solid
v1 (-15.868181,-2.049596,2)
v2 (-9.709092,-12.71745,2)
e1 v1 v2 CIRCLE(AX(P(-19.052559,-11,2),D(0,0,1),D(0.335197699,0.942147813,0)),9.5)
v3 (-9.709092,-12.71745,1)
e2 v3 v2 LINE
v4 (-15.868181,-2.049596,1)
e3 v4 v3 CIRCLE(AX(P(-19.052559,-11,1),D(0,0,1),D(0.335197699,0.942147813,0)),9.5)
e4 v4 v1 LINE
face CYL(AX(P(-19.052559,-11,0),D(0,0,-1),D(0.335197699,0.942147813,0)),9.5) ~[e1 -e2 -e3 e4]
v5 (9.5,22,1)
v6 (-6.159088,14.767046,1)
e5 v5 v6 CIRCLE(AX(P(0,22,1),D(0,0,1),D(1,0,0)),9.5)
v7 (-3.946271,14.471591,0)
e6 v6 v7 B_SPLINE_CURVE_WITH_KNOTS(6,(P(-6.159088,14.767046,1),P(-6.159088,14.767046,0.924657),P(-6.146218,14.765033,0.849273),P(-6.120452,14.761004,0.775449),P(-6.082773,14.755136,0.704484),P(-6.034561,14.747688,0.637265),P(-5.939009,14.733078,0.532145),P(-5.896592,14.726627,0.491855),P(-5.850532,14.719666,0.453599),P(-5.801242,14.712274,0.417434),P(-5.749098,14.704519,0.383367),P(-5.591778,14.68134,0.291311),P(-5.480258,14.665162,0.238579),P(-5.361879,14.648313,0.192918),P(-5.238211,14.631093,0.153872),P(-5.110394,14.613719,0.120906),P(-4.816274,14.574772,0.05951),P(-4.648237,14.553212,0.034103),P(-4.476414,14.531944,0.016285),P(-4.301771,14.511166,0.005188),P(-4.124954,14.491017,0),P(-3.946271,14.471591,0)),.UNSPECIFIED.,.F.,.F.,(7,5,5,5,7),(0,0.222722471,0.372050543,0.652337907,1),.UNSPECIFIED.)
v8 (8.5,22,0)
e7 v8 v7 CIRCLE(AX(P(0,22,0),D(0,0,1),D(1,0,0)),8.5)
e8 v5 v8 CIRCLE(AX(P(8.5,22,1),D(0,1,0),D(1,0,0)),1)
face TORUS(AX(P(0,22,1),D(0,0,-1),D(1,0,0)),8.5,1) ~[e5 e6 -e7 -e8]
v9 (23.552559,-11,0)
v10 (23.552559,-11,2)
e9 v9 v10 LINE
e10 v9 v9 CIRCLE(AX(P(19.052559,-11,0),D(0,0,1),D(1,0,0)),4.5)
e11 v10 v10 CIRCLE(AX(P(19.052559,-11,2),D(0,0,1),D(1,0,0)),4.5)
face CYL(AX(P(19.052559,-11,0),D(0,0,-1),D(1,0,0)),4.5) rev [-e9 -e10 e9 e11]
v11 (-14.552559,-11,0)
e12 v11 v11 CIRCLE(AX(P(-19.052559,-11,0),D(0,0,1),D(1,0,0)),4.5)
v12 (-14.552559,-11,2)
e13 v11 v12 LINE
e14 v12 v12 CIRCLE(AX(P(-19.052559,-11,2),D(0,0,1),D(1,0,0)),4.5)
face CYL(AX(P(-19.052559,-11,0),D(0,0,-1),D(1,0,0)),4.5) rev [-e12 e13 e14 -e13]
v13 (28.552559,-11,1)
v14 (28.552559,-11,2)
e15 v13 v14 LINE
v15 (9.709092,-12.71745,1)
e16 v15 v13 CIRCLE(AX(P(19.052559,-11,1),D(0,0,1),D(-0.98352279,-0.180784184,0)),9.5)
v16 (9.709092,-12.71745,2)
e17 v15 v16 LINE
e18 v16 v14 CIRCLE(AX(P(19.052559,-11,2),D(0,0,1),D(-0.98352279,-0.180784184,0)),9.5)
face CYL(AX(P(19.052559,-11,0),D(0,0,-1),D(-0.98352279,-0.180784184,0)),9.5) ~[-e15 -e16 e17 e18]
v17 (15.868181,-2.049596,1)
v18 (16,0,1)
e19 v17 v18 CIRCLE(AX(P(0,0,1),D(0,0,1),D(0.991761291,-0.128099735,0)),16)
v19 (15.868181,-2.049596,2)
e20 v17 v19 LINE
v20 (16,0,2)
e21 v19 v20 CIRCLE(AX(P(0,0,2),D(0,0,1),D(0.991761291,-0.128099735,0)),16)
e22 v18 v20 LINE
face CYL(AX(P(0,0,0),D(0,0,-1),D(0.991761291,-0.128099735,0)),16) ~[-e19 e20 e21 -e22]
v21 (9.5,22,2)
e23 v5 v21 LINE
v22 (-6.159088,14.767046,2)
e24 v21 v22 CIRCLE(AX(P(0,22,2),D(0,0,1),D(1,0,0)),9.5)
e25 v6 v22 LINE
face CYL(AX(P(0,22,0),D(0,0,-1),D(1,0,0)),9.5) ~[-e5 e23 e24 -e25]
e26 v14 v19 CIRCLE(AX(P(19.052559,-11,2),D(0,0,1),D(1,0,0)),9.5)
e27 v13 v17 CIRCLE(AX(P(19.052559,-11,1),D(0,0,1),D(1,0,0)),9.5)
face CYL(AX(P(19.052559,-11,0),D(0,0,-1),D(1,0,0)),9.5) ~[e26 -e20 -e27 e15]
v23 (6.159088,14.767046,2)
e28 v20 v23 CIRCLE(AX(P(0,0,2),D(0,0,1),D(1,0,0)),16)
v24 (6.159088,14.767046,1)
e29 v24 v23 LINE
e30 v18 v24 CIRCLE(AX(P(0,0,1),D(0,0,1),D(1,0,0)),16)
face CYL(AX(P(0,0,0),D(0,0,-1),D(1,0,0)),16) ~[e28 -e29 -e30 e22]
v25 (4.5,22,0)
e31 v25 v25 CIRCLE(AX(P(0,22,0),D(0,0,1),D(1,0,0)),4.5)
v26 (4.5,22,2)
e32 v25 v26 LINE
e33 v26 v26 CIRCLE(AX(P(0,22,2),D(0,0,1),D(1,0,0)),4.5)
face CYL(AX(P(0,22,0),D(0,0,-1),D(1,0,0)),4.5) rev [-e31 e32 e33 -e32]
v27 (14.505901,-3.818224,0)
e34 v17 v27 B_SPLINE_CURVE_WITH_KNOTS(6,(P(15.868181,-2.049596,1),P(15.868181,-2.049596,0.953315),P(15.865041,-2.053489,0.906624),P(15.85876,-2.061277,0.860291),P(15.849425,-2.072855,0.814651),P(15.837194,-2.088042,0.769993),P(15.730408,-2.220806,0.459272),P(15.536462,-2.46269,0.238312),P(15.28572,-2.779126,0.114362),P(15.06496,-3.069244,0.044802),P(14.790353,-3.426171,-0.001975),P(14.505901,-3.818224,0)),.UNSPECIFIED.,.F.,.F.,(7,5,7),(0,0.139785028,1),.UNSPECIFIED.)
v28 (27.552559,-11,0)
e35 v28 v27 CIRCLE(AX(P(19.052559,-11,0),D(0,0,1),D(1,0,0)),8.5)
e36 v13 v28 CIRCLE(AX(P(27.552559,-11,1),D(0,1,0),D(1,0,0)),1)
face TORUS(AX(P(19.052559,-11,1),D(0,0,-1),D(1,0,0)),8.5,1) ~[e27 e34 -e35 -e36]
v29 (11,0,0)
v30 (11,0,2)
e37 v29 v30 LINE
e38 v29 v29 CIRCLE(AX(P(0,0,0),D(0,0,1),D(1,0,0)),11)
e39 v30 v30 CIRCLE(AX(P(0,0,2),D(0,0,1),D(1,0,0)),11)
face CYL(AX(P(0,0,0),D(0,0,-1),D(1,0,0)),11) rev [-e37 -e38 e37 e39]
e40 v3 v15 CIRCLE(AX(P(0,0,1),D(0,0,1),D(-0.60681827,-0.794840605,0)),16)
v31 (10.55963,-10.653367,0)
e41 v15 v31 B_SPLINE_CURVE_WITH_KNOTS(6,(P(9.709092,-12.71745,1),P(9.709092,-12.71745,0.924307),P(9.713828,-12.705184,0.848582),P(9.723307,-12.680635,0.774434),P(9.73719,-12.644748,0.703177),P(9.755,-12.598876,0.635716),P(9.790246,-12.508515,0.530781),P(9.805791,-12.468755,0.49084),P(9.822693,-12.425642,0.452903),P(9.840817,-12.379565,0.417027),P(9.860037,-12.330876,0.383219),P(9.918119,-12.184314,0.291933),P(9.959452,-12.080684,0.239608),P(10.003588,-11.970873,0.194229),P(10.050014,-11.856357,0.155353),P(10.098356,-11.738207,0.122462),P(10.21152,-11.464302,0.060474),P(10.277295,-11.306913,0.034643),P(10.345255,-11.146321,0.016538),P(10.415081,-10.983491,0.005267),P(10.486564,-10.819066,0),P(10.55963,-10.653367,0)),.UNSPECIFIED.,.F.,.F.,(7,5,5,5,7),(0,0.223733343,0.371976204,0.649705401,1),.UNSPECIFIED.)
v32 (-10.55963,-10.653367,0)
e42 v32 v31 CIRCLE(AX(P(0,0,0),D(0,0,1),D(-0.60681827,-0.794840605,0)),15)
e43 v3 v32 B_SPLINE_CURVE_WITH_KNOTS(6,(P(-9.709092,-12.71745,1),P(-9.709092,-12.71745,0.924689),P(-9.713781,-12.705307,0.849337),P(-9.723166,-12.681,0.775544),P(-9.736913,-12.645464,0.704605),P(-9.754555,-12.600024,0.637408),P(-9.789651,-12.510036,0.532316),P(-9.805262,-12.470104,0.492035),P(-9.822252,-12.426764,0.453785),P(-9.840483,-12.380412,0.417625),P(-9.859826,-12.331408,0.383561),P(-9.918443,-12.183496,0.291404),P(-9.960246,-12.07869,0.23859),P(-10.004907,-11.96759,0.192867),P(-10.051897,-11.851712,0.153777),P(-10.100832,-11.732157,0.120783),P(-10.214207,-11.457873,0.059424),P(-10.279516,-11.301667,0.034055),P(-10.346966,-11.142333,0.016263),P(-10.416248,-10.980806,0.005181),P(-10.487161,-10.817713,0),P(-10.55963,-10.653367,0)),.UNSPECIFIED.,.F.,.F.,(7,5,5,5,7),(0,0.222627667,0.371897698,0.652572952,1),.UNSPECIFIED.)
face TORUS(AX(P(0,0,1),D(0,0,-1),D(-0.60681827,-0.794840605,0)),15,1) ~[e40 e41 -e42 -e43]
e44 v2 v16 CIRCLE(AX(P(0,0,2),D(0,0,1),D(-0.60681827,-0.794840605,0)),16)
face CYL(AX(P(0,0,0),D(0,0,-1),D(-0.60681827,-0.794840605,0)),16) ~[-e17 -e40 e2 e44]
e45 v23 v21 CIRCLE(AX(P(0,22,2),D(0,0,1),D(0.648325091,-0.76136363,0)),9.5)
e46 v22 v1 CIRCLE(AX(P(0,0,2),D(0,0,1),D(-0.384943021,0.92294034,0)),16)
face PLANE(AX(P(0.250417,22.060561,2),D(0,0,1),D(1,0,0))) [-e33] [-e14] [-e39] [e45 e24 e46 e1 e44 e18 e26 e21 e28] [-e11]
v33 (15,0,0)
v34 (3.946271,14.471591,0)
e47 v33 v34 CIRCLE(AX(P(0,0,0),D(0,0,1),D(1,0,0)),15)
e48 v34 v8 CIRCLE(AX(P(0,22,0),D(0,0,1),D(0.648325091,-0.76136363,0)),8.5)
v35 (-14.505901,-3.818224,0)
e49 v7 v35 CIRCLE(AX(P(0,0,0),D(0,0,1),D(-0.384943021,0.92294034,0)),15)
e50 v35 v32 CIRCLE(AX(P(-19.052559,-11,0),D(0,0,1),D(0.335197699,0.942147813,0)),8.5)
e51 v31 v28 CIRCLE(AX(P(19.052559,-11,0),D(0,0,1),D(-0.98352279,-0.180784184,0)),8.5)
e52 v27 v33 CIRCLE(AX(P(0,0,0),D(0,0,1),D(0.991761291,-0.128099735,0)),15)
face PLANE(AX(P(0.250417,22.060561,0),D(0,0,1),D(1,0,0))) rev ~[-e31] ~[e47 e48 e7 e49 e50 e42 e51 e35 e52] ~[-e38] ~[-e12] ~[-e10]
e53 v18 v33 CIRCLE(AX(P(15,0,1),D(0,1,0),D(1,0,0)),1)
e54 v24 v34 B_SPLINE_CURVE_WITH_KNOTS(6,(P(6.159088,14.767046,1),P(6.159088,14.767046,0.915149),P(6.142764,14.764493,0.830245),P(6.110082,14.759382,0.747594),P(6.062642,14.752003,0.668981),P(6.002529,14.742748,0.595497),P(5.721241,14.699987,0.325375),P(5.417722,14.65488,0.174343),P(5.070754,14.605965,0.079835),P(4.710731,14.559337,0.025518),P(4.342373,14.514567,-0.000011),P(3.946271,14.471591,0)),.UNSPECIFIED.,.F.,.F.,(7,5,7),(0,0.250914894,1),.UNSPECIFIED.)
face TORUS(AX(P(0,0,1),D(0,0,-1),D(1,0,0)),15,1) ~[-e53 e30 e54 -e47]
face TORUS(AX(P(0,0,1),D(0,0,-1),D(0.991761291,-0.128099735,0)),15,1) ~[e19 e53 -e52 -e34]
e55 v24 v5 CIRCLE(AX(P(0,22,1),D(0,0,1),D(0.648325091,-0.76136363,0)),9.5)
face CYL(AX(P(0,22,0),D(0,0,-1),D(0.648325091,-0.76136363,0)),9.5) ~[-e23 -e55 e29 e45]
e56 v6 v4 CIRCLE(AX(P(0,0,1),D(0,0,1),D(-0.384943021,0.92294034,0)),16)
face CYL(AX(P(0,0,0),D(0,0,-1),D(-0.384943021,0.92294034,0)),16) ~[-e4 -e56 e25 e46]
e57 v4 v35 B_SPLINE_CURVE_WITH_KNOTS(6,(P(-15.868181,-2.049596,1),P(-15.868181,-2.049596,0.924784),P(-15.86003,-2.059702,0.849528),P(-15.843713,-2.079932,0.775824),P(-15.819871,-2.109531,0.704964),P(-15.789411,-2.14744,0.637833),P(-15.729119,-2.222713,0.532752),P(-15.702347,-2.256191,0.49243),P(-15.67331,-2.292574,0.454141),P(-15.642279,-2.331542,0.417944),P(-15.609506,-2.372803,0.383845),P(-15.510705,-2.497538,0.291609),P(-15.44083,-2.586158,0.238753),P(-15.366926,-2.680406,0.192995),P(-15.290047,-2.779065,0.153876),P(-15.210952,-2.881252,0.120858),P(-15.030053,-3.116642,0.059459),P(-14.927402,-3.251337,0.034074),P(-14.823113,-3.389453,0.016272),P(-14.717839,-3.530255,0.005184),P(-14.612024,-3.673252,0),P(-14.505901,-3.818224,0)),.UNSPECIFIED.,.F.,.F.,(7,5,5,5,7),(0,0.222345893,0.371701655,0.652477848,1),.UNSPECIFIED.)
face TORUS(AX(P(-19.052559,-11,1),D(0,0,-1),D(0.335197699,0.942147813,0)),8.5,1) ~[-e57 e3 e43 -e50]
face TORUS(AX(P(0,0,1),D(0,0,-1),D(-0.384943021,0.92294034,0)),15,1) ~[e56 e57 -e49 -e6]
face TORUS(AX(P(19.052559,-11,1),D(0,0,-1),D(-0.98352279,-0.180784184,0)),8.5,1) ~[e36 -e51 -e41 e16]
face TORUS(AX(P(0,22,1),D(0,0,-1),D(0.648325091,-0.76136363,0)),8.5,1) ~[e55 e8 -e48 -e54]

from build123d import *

# Parameters (mm, degrees)
F0_R     = 4.500000108
F0_R_2   = 11
F1_DEPTH = 2
F2_R     = 1


with BuildPart() as f1:
    # F0 (on Top) → F1 (new body)
    with BuildSketch(Plane.XY):
        with BuildLine():
            ThreePointArc((6.1590883621, 14.7670455174), (8.624422863, 18.0163672007), (9.5, 22))
            ThreePointArc((9.5, 22), (-3.9836327993, 30.624422863), (-6.1590883621, 14.7670455174))
            ThreePointArc((-6.1590883621, 14.7670455174), (0, 16.0000000864), (6.1590883621, 14.7670455174))
        make_face()
        with Locations((0, 22)):
            Circle(F0_R, mode=Mode.SUBTRACT)
        with BuildLine():
            ThreePointArc((6.1590883621, 14.7670455174), (0, 16.0000000864), (-6.1590883621, 14.7670455174))
            ThreePointArc((-6.1590883621, 14.7670455174), (0, 12.5), (6.1590883621, 14.7670455174))
        make_face()
        with BuildLine():
            ThreePointArc((6.1590883621, 14.7670455174), (0, 12.5), (-6.1590883621, 14.7670455174))
            ThreePointArc((-6.1590883621, 14.7670455174), (-13.8564065354, 8.0000000432), (-15.868180738, -2.0495957729))
            ThreePointArc((-15.868180738, -2.0495957729), (-11.2904202482, -5.5228471073), (-9.5525588833, -11))
            ThreePointArc((-9.5525588833, -11), (-9.5917731912, -11.8622842279), (-9.7090923758, -12.7174497444))
            ThreePointArc((-9.7090923758, -12.7174497444), (0, -16.0000000864), (9.7090923758, -12.7174497444))
            ThreePointArc((9.7090923758, -12.7174497444), (10.8253175473, -6.25), (15.868180738, -2.0495957729))
            ThreePointArc((15.868180738, -2.0495957729), (15.967011241, -1.0269151831), (16.0000000864, 0))
            ThreePointArc((16.0000000864, 0), (13.3143797657, 8.8728402566), (6.1590883621, 14.7670455174))
        make_face()
        Circle(F0_R_2, mode=Mode.SUBTRACT)
        with BuildLine():
            ThreePointArc((-9.7090923758, -12.7174497444), (-13.8564065354, -8.0000000432), (-15.868180738, -2.0495957729))
            ThreePointArc((-15.868180738, -2.0495957729), (-27.2798002192, -15.75), (-9.7090923758, -12.7174497444))
        make_face()
        with Locations((-19.0525588833, -11)):
            Circle(F0_R, mode=Mode.SUBTRACT)
        with BuildLine():
            ThreePointArc((-9.5525588833, -11), (-11.2904202482, -5.5228471073), (-15.868180738, -2.0495957729))
            ThreePointArc((-15.868180738, -2.0495957729), (-13.8564065354, -8.0000000432), (-9.7090923758, -12.7174497444))
            ThreePointArc((-9.7090923758, -12.7174497444), (-9.5917731912, -11.8622842279), (-9.5525588833, -11))
        make_face()
        with BuildLine():
            ThreePointArc((9.7090923758, -12.7174497444), (13.8564065354, -8.0000000432), (15.868180738, -2.0495957729))
            ThreePointArc((15.868180738, -2.0495957729), (10.8253175473, -6.25), (9.7090923758, -12.7174497444))
        make_face()
        with BuildLine():
            ThreePointArc((28.5525588833, -11), (24.5297117759, -3.2378613649), (15.868180738, -2.0495957729))
            ThreePointArc((15.868180738, -2.0495957729), (13.8564065354, -8.0000000432), (9.7090923758, -12.7174497444))
            ThreePointArc((9.7090923758, -12.7174497444), (19.9148431112, -20.460785692), (28.5525588833, -11))
        make_face()
        with Locations((19.0525588833, -11)):
            Circle(F0_R, mode=Mode.SUBTRACT)
    extrude(amount=F1_DEPTH)

    # F2
    f2_edges = [f1.edges().sort_by_distance(p)[0] for p in [
        (-27.2798, -15.75, 0),
        (0, -16, 0),
        (27.2798, -15.75, 0),
        (13.856407, 8, 0),
        (0, 31.5, 0),
        (-13.856407, 8, 0),
    ]]
    fillet(f2_edges, radius=F2_R)


with BuildPart() as f3_1:
    # F3: copy of F1
    add(f1.part.moved(Location((0, 0, 10))))


solid = f1.part
